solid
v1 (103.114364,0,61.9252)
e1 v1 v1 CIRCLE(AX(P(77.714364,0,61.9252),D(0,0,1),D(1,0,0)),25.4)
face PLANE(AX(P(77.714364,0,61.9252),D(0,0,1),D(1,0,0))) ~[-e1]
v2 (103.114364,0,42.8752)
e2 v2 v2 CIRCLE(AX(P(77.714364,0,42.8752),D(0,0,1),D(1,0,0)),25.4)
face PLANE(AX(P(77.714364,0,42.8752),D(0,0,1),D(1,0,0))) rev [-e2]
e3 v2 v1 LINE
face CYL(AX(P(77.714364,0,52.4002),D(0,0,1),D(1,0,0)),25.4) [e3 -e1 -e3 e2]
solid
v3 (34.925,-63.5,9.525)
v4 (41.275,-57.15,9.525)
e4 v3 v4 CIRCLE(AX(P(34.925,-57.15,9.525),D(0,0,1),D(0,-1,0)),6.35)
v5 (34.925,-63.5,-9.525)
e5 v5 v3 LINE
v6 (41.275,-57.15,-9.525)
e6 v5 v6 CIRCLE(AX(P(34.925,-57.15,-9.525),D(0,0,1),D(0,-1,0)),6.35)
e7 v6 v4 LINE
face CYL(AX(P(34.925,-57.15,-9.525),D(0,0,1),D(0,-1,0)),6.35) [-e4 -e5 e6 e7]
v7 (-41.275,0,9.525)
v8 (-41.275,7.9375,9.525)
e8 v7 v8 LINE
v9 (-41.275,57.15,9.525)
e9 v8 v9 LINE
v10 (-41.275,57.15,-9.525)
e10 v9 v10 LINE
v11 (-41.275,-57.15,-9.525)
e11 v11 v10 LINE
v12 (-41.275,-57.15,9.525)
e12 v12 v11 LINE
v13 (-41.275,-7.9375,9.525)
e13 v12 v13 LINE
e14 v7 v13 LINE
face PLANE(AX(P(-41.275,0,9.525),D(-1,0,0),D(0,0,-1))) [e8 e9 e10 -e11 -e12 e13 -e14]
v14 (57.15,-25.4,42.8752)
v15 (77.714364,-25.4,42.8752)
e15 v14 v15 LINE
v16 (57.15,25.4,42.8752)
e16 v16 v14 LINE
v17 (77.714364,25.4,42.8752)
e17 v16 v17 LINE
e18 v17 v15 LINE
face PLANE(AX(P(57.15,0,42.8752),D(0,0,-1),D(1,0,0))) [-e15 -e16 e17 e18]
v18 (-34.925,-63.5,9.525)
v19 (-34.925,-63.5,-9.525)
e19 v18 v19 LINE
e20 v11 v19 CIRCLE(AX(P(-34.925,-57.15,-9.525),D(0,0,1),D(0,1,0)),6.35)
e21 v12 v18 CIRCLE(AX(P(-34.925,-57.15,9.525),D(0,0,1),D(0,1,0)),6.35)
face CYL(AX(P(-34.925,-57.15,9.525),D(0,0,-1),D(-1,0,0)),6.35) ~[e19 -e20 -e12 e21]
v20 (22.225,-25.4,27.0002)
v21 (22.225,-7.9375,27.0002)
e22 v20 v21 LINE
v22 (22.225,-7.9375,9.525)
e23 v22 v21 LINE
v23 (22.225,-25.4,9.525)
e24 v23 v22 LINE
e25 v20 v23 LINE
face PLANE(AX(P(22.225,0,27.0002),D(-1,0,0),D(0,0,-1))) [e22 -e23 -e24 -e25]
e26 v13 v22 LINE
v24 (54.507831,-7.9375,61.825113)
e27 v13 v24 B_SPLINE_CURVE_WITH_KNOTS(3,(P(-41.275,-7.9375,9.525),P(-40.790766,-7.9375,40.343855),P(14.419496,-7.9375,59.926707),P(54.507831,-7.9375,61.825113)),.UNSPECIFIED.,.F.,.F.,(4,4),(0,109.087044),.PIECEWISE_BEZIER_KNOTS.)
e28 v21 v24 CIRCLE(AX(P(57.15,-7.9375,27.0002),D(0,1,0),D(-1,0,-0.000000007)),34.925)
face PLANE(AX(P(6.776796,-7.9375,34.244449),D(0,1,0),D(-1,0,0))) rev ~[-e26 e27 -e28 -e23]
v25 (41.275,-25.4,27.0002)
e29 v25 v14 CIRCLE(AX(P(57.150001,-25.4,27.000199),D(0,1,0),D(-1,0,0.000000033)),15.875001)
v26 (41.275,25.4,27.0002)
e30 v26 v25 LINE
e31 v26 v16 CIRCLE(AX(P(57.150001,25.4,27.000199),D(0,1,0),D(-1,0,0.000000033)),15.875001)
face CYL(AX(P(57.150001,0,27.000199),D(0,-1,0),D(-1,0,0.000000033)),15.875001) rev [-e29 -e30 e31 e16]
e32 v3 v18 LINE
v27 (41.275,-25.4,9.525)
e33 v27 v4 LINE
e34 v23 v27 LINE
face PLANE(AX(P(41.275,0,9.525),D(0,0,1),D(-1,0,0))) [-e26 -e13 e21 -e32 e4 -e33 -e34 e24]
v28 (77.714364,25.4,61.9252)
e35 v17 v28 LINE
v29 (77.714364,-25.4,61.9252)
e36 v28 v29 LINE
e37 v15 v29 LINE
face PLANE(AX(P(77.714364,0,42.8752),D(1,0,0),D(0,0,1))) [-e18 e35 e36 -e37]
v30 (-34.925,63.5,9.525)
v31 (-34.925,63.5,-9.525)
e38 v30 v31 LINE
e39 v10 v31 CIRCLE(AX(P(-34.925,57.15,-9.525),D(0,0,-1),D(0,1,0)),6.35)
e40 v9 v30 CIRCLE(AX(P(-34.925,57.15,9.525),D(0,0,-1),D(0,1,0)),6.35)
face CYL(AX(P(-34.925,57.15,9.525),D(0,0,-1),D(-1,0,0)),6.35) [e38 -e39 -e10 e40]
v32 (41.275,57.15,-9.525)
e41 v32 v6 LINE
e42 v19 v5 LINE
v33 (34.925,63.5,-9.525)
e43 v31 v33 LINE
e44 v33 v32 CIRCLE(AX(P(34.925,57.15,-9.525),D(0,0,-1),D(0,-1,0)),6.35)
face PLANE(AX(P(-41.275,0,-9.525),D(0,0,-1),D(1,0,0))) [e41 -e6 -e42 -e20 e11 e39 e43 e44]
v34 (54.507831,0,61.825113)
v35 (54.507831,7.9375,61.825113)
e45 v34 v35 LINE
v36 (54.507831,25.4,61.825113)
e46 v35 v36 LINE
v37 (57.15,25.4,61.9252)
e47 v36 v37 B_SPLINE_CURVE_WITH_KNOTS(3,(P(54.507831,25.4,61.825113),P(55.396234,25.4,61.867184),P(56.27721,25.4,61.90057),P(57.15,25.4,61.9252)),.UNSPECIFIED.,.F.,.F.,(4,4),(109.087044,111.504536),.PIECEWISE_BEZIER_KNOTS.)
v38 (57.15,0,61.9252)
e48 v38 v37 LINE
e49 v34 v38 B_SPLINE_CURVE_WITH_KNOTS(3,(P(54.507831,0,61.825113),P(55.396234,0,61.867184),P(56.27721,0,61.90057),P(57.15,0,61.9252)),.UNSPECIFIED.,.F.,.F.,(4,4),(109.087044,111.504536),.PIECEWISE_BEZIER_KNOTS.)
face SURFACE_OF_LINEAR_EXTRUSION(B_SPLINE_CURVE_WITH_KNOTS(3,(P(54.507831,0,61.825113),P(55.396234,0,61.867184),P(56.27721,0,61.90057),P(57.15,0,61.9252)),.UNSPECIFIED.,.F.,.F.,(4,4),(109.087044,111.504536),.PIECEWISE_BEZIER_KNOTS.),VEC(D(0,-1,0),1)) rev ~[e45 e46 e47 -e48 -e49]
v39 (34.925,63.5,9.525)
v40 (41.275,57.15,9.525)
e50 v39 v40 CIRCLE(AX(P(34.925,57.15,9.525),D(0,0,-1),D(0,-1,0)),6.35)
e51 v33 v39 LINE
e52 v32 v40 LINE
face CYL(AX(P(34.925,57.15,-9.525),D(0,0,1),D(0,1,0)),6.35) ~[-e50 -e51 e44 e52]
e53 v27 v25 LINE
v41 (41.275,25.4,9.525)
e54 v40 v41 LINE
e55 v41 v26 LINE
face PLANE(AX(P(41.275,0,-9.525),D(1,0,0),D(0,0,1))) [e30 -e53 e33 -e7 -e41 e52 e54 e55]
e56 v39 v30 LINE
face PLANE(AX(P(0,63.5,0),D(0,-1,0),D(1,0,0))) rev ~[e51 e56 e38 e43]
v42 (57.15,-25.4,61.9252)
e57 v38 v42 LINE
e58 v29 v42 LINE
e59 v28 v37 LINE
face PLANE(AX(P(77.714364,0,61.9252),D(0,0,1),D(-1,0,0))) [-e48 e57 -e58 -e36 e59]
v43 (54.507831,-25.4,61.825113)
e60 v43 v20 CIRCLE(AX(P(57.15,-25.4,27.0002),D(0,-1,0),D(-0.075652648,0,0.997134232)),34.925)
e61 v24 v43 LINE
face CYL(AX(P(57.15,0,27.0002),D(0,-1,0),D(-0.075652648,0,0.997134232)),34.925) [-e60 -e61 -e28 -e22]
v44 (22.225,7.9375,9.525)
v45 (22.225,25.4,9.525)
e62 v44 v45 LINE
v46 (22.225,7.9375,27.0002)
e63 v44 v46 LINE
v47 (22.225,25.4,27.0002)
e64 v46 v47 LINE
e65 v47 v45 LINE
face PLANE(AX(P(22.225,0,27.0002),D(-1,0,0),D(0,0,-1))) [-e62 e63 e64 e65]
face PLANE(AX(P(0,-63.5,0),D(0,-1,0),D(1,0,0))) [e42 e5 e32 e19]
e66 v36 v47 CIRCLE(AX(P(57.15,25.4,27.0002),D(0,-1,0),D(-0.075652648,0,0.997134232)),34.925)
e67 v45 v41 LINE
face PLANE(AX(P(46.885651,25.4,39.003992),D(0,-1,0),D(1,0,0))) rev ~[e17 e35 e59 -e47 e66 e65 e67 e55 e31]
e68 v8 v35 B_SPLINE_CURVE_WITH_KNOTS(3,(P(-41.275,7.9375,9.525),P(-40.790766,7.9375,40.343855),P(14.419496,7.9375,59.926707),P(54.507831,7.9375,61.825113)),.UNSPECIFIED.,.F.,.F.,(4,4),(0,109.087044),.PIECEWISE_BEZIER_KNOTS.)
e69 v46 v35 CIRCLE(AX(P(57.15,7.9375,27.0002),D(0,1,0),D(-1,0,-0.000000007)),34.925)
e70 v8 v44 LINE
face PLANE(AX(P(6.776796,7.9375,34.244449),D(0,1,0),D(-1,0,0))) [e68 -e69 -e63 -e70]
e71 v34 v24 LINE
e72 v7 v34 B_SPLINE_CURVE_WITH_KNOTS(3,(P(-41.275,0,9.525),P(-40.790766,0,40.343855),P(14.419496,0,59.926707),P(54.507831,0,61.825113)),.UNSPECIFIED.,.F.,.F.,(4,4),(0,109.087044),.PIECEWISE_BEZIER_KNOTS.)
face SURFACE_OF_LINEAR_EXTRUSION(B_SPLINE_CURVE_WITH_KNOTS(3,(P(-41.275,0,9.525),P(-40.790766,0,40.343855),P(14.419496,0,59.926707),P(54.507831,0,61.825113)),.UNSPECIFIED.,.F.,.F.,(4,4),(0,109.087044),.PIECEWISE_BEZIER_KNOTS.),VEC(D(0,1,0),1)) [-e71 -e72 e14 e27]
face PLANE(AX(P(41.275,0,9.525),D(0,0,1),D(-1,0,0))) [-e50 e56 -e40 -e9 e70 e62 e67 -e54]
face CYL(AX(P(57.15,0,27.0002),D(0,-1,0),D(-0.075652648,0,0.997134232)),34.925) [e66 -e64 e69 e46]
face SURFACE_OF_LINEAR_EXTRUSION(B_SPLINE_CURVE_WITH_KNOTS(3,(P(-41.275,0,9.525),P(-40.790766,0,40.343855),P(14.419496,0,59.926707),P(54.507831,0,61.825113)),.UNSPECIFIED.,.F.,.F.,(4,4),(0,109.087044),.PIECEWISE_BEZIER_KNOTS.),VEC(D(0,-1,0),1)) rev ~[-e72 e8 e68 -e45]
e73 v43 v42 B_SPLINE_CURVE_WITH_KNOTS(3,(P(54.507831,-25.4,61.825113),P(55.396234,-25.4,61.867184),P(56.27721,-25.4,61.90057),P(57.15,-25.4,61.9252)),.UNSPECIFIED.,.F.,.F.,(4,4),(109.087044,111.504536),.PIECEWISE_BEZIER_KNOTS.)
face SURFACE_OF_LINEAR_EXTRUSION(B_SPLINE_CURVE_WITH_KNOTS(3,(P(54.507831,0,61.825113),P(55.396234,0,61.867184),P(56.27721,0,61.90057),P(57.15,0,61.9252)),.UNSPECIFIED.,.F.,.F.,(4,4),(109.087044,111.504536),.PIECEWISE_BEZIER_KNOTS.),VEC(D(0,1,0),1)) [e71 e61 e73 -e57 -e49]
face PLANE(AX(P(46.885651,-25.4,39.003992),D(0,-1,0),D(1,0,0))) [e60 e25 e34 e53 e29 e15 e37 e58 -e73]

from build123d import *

# Parameters (mm, degrees)
F1_DEPTH = 63.5
F2_DEPTH = 25.4
F3_DEPTH = 7.9375
F0_W     = 25.4
F0_H     = 19.05
F5_R     = 6.35


with BuildPart() as f1:
    # F0 (on Front) → F1 (new body, symmetric)
    with BuildSketch(Plane.XZ):
        Polygon((-41.275, -9.525), (41.275, -9.525), (41.275, 9.525), (22.225, 9.525), (-41.275, 9.525), align=None)
    extrude(amount=F1_DEPTH, both=True)

    # F0 (on Front) → F2 (join, symmetric)
    with BuildSketch(Plane.XZ):
        with BuildLine():
            Line((22.225, 9.525), (41.275, 9.525))
            Line((41.275, 9.525), (41.275, 27.0002))
            ThreePointArc((41.275, 27.0002), (45.92468, 38.22552), (57.15, 42.8752))
            Line((57.15, 42.8752), (77.714364, 42.8752))
            Line((77.714364, 42.8752), (77.714364, 61.9252))
            Line((77.714364, 61.9252), (57.15, 61.9252))
            add(Edge.make_bspline(
                [(54.507831, 61.825113), (55.396234, 61.867184), (56.27721, 61.90057), (57.15, 61.9252)],
                knots=[109.087044, 109.087044, 109.087044, 109.087044, 111.504536, 111.504536, 111.504536, 111.504536], degree=3))
            ThreePointArc((54.507831, 61.825113), (31.537177, 50.743387), (22.225, 27.0002))
            Line((22.225, 27.0002), (22.225, 9.525))
        make_face()
    extrude(amount=F2_DEPTH, both=True)

    # F0 (on Front) → F3 (join, symmetric)
    with BuildSketch(Plane.XZ):
        with BuildLine():
            add(Edge.make_bspline(
                [(-41.275, 9.525), (-40.790766, 40.343855), (14.419496, 59.926707), (54.507831, 61.825113)],
                knots=[0, 0, 0, 0, 109.087044, 109.087044, 109.087044, 109.087044], degree=3))
            Line((-41.275, 9.525), (22.225, 9.525))
            Line((22.225, 9.525), (22.225, 27.0002))
            ThreePointArc((22.225, 27.0002), (31.537177, 50.743387), (54.507831, 61.825113))
        make_face()
    extrude(amount=F3_DEPTH, both=True)

    # F5
    f5_edges = [f1.edges().sort_by_distance(p)[0] for p in [
        (41.275, -63.5, 0),
        (-41.275, -63.5, 0),
        (41.275, 63.5, 0),
        (-41.275, 63.5, 0),
    ]]
    fillet(f5_edges, radius=F5_R)


with BuildPart() as f4:
    # F0 (on Front) → F4 (revolve)
    with BuildSketch(Plane.XZ):
        with Locations((90.414364, 52.4002)):
            Rectangle(F0_W, F0_H)
    revolve(axis=Axis((77.714364, 0, 52.3875), (0, 0, 1)))


solid = Compound([f1.part, f4.part])
